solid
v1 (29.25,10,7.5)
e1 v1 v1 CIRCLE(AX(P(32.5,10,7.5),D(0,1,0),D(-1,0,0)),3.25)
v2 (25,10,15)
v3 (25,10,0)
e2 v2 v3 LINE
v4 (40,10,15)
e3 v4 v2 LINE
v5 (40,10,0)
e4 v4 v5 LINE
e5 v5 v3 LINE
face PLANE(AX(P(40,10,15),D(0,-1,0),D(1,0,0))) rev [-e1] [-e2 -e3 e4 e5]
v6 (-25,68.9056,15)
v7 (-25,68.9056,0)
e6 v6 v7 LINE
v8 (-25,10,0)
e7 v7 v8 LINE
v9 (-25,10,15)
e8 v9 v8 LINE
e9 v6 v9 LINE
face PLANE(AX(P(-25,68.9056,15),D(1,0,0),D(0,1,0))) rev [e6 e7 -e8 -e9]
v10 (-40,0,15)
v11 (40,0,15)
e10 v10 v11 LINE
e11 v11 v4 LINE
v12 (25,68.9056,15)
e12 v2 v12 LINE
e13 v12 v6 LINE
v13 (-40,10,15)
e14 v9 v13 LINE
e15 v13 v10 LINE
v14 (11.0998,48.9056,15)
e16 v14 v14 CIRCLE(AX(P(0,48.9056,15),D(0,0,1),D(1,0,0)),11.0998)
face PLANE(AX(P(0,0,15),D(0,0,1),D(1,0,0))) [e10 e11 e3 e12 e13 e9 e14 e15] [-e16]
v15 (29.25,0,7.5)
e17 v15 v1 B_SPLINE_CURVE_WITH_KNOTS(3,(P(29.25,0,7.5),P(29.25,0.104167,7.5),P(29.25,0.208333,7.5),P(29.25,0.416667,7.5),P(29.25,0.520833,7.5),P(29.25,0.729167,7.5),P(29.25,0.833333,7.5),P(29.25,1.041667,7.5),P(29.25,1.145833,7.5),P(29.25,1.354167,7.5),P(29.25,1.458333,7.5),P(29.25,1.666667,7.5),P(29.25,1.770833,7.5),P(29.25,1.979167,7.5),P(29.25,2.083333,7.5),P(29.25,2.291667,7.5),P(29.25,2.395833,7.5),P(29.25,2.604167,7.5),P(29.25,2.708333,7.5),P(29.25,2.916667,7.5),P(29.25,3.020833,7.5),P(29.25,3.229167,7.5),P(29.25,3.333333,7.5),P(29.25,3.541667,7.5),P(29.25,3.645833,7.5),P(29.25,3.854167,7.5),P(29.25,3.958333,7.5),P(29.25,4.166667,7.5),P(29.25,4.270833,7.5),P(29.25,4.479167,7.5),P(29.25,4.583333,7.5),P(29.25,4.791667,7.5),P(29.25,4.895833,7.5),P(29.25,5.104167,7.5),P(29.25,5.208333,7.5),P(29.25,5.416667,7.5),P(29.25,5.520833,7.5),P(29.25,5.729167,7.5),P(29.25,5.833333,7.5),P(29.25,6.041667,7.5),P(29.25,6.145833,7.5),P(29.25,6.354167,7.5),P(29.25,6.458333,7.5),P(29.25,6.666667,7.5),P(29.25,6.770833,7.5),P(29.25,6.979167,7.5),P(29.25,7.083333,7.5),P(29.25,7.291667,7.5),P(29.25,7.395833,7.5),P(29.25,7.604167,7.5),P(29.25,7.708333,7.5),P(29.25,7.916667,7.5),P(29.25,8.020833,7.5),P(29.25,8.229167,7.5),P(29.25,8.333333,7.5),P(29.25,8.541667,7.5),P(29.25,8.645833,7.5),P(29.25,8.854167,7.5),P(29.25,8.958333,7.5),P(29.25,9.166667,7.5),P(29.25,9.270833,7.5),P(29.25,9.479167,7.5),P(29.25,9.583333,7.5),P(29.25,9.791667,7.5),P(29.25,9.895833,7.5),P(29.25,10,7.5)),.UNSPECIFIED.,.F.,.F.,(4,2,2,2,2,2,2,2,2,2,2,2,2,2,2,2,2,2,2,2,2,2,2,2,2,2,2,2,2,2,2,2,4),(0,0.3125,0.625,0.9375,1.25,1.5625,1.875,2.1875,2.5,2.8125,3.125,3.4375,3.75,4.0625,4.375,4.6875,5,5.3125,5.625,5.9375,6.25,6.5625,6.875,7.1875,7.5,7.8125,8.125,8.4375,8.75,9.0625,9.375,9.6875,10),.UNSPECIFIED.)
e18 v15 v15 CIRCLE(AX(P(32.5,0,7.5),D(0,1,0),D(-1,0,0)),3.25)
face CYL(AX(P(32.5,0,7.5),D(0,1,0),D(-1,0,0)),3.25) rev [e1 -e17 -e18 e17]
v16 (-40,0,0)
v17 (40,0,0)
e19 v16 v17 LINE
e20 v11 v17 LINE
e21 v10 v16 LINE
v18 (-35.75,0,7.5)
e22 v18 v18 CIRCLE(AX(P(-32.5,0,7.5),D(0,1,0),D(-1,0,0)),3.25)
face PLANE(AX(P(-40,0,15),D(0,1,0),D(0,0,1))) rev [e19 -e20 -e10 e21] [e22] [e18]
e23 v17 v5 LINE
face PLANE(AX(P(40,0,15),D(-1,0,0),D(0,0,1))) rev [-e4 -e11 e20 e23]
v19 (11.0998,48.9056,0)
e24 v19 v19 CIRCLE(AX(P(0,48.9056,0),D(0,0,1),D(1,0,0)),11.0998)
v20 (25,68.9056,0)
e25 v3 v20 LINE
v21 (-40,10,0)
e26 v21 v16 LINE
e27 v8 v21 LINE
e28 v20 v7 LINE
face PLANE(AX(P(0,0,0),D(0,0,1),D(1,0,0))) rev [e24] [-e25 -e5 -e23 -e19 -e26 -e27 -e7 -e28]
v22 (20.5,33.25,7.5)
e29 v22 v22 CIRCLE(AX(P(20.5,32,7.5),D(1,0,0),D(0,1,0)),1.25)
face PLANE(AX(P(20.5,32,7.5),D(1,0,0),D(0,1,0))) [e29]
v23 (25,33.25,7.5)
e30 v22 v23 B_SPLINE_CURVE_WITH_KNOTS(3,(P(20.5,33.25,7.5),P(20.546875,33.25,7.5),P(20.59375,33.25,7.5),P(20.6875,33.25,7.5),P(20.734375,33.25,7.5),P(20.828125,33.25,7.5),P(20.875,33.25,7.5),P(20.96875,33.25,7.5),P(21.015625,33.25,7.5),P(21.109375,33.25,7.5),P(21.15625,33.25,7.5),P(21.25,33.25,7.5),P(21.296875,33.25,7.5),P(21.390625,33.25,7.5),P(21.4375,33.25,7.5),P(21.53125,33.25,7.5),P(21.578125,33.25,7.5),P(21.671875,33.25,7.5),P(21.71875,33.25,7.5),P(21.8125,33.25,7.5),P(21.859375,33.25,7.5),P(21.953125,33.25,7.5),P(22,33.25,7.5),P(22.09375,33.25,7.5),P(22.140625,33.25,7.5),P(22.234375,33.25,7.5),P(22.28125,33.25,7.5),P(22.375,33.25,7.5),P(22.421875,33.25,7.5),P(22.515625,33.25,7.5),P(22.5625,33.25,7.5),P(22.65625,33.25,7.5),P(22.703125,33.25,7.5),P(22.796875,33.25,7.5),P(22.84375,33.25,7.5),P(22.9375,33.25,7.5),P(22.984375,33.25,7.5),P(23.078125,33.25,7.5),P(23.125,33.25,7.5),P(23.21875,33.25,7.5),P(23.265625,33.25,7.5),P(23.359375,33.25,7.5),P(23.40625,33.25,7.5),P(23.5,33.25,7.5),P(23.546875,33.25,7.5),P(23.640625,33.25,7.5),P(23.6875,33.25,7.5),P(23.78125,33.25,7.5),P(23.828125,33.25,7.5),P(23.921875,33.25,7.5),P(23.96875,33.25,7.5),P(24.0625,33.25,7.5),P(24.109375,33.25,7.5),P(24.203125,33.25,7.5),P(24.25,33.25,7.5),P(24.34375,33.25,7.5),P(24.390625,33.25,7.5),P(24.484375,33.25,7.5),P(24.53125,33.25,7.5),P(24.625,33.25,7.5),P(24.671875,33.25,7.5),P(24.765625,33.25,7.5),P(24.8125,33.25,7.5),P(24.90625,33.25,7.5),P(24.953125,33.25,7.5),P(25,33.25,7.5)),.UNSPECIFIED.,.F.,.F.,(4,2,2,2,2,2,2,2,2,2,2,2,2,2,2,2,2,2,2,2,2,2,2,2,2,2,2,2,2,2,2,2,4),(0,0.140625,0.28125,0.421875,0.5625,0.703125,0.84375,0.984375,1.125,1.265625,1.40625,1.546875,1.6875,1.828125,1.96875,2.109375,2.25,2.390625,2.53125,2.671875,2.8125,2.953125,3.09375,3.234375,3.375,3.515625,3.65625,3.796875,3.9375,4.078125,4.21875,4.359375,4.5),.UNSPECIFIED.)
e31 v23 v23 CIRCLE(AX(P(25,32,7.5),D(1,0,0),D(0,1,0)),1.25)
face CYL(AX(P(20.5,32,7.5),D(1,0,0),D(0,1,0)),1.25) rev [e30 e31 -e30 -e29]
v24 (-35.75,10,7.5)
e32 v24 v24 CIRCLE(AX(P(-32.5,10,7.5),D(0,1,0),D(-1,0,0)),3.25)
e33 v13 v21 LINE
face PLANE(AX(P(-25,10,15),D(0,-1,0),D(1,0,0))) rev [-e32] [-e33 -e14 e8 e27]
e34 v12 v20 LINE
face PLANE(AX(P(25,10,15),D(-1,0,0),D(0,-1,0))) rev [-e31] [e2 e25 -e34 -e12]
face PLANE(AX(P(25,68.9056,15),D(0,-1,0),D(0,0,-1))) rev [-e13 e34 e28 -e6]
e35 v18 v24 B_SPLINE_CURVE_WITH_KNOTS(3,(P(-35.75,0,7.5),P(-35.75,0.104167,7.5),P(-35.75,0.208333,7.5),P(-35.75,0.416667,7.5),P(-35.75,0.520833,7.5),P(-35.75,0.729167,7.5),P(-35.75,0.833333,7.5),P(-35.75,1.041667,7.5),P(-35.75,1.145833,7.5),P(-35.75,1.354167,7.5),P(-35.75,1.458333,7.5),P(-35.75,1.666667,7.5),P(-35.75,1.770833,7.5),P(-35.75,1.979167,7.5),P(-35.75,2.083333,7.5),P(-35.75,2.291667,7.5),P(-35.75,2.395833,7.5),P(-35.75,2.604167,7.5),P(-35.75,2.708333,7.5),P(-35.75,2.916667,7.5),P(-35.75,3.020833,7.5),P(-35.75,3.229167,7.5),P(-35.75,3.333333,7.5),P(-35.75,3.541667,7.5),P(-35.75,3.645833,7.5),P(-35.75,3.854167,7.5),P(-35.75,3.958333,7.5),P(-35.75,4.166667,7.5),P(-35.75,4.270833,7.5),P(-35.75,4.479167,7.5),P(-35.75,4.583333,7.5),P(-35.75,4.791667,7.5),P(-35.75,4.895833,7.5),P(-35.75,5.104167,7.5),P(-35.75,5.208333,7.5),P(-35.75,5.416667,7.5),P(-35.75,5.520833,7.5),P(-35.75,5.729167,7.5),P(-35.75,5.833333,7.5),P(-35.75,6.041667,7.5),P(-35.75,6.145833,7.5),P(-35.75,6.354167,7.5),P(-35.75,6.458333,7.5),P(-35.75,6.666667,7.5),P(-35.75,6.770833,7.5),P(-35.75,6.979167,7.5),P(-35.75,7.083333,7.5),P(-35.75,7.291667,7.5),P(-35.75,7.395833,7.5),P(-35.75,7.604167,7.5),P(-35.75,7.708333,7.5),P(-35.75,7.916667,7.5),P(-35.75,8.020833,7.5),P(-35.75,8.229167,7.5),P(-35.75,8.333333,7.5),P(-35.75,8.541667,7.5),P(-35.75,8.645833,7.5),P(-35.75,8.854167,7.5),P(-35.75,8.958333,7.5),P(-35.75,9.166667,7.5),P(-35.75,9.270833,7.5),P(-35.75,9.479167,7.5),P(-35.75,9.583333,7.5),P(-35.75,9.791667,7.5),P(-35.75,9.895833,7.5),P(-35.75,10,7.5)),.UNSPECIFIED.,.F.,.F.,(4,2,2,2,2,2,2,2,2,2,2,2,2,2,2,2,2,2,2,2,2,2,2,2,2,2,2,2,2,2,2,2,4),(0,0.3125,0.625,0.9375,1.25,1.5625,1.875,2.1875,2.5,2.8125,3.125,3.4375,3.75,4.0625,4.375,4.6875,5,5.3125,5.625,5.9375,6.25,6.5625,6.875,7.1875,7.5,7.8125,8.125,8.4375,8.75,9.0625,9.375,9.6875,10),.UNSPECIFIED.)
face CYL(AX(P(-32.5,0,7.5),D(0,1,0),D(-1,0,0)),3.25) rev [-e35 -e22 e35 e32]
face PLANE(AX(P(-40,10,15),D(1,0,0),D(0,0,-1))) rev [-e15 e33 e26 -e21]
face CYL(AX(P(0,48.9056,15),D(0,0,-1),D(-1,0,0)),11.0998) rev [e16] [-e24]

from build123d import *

# Parameters (mm, degrees)
SKETCH1_R           = 11.0998
BOSS_EXTRUDE1_DEPTH = 15
SKETCH2_R           = 3.25
CUT_EXTRUDE1_DEPTH  = 73.765855395
SKETCH3_R           = 1.25
CUT_EXTRUDE2_DEPTH  = 4.5


with BuildPart() as part:
    # Sketch1 → Boss-Extrude1 (new body)
    with BuildSketch(Plane.XY):
        Polygon((-40, 0), (40, 0), (40, 10), (25, 10), (25, 68.9056), (-25, 68.9056), (-25, 10), (-40, 10), align=None)
        with Locations((0, 48.9056)):
            Circle(SKETCH1_R, mode=Mode.SUBTRACT)
    extrude(amount=BOSS_EXTRUDE1_DEPTH)

    # Sketch2 → Cut-Extrude1 (cut, through all)
    with BuildSketch(Plane(origin=(0, 10, 0), x_dir=(1, 0, 0), z_dir=(0, 1, 0))):
        with Locations(Location((-32.5, -7.5, 0), (0, 0, 180))):
            Circle(SKETCH2_R)
        with Locations(Location((32.5, -7.5, 0), (0, 0, 180))):
            Circle(SKETCH2_R)
    extrude(amount=-CUT_EXTRUDE1_DEPTH, mode=Mode.SUBTRACT)

    # Sketch3 → Cut-Extrude2 (cut)
    with BuildSketch(Plane(origin=(25, 0, 0), x_dir=(0, 0, -1), z_dir=(1, 0, 0))):
        with Locations(Location((-7.5, 32, 0), (0, 0, 90))):
            Circle(SKETCH3_R)
    extrude(amount=-CUT_EXTRUDE2_DEPTH, mode=Mode.SUBTRACT)


solid = part.part
